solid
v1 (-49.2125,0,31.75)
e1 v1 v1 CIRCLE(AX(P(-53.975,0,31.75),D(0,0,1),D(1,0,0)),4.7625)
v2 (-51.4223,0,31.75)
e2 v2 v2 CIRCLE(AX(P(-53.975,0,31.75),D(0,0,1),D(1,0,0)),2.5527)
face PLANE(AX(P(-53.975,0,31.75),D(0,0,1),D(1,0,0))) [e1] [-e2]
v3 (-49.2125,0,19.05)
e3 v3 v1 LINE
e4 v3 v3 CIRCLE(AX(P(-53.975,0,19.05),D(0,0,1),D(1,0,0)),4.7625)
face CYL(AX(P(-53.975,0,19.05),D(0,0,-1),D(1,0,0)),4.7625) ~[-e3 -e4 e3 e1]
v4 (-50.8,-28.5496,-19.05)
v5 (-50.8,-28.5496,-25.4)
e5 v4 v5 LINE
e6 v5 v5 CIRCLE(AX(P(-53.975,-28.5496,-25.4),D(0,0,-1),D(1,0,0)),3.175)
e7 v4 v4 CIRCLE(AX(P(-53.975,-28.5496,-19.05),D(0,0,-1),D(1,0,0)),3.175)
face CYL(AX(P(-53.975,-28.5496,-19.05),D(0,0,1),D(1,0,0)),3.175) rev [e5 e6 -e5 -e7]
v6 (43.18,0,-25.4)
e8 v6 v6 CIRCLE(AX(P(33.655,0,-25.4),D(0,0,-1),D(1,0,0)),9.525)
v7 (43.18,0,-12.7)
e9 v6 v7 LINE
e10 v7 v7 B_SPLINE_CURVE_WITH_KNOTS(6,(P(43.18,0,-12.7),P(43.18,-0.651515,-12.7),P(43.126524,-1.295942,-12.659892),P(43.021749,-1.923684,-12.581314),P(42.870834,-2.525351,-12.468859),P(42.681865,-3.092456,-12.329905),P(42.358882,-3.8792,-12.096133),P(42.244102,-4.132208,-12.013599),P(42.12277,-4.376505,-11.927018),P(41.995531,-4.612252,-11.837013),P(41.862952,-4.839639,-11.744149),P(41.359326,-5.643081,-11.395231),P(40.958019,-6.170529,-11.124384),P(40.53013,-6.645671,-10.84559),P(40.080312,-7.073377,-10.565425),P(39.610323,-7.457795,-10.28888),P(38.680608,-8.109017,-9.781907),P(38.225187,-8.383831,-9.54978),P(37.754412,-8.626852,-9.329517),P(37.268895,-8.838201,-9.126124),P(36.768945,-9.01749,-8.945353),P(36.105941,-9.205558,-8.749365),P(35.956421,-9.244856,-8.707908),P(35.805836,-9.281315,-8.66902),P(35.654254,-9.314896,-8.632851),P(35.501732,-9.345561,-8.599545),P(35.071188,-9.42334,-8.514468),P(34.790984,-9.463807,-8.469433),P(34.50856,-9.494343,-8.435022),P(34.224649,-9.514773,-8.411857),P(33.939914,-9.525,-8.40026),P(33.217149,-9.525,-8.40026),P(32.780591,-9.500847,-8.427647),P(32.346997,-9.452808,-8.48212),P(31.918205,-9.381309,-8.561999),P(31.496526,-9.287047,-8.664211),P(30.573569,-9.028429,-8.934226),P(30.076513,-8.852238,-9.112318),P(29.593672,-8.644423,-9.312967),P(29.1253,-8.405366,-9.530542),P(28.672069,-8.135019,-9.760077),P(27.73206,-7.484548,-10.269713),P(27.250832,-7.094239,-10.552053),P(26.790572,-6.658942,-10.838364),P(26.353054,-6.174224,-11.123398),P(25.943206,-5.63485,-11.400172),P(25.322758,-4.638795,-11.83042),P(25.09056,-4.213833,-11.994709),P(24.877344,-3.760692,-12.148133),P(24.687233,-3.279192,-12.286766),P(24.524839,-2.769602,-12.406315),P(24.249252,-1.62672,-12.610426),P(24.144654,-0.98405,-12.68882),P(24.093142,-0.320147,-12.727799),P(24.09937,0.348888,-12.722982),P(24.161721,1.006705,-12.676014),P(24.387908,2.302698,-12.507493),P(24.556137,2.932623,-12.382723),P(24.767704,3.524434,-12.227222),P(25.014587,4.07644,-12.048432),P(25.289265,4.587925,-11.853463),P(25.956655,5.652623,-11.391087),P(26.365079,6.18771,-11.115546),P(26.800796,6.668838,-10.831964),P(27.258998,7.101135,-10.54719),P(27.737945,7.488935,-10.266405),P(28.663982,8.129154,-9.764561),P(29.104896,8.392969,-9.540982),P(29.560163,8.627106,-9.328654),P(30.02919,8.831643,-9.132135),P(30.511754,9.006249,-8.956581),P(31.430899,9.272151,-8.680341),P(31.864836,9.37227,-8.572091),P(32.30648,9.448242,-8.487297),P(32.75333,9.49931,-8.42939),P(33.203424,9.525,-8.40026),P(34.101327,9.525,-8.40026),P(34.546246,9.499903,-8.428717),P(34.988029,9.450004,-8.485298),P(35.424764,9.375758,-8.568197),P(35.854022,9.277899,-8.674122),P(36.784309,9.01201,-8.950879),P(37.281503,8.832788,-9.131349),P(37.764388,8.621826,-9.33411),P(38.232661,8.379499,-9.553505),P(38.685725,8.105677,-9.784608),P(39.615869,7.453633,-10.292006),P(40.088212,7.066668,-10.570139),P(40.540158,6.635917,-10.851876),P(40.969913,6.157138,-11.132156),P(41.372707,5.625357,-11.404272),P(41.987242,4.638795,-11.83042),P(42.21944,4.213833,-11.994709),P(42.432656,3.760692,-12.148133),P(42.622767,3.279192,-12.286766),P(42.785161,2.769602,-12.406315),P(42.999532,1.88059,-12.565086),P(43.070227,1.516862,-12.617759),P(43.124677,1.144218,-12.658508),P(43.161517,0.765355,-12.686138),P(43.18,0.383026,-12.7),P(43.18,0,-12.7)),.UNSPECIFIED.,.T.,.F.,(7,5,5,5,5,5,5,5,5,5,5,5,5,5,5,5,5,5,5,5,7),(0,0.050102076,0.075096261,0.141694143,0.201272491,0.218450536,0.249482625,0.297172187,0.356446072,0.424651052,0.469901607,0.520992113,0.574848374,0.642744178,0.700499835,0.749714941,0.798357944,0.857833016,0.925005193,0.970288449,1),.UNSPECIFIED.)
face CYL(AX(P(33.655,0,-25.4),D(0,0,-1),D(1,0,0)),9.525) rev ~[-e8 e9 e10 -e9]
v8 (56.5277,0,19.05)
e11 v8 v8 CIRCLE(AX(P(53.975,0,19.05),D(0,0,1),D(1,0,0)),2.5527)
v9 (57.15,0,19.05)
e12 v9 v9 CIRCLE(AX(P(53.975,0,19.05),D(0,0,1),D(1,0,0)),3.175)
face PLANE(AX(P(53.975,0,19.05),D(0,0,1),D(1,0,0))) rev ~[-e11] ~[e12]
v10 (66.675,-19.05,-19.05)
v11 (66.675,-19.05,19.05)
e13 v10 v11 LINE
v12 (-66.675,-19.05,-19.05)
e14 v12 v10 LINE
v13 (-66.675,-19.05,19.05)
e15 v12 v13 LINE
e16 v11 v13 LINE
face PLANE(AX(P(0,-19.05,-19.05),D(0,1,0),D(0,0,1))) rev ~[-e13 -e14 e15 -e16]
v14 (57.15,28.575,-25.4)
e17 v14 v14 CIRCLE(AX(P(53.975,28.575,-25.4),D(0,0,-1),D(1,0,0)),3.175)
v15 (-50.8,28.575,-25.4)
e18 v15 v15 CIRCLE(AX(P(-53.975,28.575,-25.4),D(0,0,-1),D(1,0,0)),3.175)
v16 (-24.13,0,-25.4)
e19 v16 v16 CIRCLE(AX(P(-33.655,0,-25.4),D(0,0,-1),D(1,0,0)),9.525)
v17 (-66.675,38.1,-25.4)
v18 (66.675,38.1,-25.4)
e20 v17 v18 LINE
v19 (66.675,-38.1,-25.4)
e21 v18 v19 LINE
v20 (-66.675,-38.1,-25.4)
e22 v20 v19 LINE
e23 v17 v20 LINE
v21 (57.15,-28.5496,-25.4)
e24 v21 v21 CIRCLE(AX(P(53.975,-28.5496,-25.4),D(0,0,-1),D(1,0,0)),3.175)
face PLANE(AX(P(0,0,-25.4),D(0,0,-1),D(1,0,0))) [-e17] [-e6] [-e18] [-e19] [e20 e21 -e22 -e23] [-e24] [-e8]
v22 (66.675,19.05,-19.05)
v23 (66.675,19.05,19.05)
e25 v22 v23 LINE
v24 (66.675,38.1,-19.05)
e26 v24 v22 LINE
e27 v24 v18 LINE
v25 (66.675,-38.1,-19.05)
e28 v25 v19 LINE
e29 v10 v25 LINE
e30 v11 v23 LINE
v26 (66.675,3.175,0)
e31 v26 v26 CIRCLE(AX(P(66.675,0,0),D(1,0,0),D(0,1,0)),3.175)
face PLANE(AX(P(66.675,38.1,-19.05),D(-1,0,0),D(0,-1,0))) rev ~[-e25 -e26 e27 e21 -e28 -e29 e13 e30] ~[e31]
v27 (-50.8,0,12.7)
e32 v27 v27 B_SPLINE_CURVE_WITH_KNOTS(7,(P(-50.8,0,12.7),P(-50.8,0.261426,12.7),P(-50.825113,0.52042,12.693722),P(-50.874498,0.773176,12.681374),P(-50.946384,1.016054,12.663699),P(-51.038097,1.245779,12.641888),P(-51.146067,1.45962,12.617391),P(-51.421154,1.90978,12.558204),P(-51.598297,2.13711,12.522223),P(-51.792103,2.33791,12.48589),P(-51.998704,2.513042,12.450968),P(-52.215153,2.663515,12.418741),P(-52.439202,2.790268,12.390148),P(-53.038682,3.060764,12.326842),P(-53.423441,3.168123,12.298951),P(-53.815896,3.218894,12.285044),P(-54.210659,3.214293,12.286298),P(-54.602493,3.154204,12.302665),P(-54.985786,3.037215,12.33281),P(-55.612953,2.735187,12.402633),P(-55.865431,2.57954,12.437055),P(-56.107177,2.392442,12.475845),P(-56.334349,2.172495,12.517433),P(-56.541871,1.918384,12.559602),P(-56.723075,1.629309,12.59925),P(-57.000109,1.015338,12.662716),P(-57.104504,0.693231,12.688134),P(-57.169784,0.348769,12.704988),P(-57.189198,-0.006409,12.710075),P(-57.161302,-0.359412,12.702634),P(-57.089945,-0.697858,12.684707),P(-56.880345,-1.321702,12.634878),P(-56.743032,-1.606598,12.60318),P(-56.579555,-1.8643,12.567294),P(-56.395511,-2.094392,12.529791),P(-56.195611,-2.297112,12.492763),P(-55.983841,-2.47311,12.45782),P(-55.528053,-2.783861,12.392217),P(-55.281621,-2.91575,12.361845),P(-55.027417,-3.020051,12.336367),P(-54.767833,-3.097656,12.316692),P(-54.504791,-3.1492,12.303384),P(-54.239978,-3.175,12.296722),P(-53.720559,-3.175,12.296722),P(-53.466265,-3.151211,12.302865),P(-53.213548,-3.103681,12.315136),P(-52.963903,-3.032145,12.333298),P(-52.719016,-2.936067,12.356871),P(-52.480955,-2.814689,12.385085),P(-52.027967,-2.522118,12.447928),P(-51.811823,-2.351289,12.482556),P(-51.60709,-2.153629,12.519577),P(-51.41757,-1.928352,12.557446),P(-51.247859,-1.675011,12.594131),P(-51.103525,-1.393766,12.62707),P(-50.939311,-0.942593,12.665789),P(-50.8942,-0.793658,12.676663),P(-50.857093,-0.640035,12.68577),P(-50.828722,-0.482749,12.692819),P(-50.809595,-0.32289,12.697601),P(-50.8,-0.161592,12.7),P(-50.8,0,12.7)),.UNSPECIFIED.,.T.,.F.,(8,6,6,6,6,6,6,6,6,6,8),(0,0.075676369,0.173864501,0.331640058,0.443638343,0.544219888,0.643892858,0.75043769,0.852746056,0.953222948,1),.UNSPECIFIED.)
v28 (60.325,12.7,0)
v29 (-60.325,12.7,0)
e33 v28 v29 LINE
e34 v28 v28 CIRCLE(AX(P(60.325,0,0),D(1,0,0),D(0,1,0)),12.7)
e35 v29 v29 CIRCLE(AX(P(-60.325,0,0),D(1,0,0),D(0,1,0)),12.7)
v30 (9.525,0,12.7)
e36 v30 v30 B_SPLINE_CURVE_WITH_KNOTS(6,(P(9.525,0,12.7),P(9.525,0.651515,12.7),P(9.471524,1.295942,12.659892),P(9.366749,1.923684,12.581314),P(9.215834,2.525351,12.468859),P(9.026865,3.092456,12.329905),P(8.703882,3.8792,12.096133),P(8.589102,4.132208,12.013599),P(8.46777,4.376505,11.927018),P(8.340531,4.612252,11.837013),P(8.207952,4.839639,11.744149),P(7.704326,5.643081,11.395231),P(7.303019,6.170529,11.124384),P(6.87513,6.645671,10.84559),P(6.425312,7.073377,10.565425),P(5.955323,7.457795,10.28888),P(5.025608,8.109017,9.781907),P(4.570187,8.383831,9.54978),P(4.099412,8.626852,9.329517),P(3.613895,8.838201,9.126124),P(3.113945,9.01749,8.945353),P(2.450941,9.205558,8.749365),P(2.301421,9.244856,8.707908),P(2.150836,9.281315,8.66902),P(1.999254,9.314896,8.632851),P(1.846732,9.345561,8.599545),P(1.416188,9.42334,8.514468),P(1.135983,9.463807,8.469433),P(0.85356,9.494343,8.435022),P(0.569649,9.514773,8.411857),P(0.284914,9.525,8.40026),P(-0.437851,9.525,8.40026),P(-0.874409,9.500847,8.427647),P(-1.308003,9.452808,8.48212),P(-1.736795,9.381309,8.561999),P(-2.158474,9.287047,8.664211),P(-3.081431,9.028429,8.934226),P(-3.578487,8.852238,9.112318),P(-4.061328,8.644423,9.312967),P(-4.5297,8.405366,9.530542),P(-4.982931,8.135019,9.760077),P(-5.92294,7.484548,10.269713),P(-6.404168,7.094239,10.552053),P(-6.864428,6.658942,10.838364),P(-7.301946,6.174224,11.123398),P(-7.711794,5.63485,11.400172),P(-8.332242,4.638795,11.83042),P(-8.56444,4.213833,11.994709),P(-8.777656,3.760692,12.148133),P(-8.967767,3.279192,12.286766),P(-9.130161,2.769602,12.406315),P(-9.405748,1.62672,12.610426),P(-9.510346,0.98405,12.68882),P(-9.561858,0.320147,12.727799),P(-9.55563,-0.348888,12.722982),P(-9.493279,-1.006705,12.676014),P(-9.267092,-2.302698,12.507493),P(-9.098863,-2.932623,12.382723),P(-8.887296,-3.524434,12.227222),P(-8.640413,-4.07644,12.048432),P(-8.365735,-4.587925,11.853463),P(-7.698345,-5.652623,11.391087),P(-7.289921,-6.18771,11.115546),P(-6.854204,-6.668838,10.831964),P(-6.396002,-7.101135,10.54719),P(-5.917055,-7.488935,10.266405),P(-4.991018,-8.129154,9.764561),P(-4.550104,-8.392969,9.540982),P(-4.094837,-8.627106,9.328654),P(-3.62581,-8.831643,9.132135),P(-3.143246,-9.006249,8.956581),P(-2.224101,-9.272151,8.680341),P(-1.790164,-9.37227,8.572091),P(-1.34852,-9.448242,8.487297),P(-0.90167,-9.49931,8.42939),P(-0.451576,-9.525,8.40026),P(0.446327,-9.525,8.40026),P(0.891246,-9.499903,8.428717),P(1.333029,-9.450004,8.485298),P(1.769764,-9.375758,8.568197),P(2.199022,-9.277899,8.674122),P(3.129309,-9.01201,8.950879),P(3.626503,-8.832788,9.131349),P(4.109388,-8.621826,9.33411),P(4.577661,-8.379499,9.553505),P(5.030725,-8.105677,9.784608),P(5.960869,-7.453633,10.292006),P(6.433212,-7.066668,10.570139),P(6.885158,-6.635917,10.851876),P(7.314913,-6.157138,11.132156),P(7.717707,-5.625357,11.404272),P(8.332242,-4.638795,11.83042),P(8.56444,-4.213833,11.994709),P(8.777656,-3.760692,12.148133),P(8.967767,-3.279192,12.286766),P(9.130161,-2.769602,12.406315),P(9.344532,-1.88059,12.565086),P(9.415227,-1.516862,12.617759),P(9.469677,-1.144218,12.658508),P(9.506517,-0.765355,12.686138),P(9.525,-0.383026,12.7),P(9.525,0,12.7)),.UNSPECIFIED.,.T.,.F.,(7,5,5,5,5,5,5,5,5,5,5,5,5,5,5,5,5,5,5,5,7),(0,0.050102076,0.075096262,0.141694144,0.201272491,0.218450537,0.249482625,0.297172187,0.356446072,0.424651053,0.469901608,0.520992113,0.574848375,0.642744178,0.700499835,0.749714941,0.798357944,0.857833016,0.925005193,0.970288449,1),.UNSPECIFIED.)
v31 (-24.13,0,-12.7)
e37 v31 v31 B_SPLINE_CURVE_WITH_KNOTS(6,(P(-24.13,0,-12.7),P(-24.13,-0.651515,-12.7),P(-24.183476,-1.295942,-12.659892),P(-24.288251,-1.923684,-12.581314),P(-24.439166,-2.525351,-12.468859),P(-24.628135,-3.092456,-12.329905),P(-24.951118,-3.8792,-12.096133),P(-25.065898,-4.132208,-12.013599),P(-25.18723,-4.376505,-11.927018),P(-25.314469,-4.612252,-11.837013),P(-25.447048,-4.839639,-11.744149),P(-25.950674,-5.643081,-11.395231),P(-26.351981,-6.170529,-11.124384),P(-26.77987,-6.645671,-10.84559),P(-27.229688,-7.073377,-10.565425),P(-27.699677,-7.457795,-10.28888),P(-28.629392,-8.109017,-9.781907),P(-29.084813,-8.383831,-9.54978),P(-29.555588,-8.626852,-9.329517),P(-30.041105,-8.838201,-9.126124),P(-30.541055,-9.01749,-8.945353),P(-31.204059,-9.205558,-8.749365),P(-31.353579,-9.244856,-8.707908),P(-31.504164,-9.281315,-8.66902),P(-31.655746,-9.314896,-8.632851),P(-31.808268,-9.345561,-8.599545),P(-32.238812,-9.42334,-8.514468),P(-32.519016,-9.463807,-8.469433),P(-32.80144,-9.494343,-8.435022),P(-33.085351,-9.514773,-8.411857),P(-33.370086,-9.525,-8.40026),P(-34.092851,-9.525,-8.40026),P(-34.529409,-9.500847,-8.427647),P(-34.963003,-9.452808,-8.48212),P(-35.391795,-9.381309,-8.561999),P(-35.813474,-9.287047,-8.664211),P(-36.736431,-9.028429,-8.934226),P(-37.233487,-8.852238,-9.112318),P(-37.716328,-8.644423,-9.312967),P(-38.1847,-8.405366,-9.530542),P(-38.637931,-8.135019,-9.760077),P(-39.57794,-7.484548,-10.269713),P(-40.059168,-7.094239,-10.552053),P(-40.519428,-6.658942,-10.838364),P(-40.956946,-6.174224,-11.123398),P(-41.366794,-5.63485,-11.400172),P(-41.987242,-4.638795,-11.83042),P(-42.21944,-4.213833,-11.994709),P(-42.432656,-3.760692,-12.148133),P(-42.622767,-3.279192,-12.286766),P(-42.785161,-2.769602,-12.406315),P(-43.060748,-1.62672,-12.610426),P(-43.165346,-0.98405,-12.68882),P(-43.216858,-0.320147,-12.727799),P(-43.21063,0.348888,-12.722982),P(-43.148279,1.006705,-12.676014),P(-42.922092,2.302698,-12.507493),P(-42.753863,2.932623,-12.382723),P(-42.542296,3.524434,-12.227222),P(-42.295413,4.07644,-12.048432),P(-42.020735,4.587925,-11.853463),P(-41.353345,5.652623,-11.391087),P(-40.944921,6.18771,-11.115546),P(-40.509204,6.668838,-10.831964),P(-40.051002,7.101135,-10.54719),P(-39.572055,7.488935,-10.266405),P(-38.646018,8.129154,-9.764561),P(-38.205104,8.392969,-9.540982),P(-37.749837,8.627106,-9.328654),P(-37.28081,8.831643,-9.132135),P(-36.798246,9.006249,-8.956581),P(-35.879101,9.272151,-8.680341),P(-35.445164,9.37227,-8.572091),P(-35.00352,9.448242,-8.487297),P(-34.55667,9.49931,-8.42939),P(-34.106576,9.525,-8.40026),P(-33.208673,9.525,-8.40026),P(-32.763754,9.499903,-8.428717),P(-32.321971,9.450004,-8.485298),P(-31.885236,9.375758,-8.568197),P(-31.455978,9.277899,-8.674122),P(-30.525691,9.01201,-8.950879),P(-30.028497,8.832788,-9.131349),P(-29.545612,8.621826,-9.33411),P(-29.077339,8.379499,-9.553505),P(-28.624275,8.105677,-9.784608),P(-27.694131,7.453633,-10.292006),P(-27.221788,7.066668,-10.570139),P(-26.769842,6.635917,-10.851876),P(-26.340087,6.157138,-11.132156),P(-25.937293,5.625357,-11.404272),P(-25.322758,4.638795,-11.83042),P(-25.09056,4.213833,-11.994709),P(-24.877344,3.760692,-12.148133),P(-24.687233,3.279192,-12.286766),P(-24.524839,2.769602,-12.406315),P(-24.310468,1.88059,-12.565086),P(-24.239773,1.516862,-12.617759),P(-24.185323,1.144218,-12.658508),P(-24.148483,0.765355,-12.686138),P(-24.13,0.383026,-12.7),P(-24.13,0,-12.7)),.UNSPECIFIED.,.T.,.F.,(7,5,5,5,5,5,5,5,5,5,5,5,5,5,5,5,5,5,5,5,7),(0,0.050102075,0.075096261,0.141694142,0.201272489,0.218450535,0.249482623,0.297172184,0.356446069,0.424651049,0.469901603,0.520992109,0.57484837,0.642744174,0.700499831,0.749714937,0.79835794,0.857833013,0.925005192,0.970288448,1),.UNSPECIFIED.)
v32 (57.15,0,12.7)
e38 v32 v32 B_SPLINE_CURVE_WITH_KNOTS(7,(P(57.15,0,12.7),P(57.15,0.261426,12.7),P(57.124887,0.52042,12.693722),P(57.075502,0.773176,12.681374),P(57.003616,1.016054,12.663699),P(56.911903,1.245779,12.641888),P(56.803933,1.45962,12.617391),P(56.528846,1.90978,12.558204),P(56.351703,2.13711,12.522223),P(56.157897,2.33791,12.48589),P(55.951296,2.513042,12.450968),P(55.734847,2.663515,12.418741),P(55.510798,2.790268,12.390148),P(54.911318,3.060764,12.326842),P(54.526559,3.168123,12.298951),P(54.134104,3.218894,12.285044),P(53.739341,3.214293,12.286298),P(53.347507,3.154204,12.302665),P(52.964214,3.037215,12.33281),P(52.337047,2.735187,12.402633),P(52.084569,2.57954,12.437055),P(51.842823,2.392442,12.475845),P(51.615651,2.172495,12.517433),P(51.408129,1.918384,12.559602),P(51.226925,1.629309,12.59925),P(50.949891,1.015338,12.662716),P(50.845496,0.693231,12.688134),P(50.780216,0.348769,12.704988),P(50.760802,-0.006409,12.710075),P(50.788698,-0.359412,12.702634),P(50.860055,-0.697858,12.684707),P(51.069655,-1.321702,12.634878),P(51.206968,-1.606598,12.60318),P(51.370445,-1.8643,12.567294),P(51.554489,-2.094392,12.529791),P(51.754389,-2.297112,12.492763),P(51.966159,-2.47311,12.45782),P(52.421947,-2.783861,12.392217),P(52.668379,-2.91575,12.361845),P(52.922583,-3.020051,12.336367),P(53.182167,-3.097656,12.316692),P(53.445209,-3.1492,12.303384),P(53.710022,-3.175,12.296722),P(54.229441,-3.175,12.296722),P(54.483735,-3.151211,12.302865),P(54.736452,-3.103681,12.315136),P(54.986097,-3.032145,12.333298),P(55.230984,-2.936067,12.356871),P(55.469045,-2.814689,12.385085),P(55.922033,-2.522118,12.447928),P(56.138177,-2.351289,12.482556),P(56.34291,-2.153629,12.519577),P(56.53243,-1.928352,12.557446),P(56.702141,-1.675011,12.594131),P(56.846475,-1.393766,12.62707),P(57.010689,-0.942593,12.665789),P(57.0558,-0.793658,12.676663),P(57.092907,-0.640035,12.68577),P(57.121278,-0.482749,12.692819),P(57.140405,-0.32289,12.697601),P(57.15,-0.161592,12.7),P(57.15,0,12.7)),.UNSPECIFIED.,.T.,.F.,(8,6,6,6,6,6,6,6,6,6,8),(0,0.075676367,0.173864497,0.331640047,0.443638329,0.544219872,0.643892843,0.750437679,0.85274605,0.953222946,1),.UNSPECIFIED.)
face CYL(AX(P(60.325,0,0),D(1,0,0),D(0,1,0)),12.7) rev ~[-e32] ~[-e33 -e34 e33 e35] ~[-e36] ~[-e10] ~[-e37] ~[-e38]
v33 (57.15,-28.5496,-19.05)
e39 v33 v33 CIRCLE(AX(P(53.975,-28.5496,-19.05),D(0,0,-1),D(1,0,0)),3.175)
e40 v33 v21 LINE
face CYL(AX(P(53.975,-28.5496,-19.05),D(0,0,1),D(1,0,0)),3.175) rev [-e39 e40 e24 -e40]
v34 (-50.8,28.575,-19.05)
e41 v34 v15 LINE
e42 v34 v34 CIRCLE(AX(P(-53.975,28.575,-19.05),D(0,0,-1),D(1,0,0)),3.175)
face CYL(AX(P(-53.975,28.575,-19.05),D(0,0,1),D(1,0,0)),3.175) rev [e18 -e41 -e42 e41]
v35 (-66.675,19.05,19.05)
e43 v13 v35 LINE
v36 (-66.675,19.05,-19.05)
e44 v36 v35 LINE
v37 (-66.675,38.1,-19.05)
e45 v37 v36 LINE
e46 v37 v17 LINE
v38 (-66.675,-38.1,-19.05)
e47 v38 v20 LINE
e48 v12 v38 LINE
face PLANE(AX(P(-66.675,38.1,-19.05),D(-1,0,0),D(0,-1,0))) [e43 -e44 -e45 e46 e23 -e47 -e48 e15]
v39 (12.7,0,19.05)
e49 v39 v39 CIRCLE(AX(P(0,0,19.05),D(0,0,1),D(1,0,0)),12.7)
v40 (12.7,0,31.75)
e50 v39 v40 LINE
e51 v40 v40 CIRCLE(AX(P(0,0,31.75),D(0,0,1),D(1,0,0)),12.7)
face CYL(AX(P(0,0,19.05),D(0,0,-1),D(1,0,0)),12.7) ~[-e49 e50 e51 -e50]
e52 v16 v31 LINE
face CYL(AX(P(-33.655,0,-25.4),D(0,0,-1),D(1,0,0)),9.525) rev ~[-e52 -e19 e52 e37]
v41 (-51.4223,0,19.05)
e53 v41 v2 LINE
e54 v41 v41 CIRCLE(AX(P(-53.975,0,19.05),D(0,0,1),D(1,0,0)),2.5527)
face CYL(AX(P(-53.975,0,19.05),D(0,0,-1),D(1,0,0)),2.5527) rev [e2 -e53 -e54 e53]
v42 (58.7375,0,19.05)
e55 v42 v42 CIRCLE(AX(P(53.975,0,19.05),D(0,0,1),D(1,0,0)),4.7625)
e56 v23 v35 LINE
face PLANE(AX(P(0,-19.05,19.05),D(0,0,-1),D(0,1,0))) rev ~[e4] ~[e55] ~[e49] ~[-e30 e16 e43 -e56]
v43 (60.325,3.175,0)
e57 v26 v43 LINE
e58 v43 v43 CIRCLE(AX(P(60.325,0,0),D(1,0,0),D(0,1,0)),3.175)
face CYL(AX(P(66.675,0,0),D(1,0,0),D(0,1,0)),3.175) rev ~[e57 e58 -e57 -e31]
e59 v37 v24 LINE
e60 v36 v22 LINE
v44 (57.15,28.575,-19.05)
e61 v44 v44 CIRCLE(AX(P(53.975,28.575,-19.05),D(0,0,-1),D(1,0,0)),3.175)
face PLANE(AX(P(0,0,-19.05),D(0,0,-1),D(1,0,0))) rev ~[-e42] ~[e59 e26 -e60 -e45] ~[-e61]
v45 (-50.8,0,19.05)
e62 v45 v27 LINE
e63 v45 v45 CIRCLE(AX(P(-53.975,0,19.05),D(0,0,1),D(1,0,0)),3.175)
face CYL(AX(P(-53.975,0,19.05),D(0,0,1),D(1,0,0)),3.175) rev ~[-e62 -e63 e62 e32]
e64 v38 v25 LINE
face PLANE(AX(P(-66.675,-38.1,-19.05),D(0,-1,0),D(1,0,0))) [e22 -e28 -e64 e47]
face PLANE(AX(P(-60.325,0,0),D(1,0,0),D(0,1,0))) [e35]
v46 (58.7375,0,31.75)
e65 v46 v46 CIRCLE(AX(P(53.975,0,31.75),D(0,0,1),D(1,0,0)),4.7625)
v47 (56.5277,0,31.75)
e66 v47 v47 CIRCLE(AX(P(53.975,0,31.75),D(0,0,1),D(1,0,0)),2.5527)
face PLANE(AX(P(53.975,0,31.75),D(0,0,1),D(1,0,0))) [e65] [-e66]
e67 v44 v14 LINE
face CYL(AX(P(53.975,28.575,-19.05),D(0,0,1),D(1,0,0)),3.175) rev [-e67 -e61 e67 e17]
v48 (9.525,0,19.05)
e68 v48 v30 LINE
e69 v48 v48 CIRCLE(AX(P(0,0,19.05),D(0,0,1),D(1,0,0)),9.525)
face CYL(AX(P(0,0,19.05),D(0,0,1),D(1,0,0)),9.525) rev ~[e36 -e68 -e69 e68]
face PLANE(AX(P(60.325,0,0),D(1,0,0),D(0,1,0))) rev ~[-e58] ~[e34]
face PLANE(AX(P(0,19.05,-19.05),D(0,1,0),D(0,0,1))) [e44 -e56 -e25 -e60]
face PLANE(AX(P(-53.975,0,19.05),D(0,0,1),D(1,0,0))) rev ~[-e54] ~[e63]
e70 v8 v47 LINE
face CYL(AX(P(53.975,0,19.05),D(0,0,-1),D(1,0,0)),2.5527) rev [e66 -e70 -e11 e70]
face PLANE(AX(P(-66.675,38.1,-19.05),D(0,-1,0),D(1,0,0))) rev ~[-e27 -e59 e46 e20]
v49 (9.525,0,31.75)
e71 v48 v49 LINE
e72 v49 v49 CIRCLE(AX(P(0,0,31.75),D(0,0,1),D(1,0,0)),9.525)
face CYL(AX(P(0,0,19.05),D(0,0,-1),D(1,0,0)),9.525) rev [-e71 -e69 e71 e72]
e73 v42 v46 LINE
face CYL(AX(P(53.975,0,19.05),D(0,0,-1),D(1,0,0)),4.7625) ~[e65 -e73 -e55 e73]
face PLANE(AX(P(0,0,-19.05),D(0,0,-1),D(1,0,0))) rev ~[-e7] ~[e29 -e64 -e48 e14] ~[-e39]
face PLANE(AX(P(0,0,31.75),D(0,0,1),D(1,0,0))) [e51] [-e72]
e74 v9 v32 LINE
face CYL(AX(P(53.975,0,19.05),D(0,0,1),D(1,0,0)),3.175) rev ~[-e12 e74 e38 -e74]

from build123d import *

# Parameters (mm, degrees)
F0_W      = 38.1
F0_H      = 38.1
F1_DEPTH  = 66.675
F3_R      = 12.7
F4_DEPTH  = 120.65
F5_W      = 133.35
F5_H      = 76.2
F5_R      = 3.175
F6_DEPTH  = 6.35
F7_R      = 9.525
F8_DEPTH  = 25.4
F9_R      = 9.525
F9_R_2    = 3.175
F10_DEPTH = 19.05
F11_R     = 4.7625
F11_R_2   = 2.5527
F11_R_3   = 12.7
F11_R_4   = 9.525
F12_DEPTH = 12.7
F13_R     = 3.175
F14_DEPTH = 12.7


with BuildPart() as f1:
    # F0 (on Right) → F1 (new body, symmetric)
    with BuildSketch(Plane.YZ):
        Rectangle(F0_W, F0_H)
    extrude(amount=F1_DEPTH, both=True)

    # F3 (on offset) → F4 (cut)
    with BuildSketch(Plane.YZ.offset(60.325)):
        Circle(F3_R)
    extrude(amount=-F4_DEPTH, mode=Mode.SUBTRACT)

    # F5 (on face) → F6 (join)
    with BuildSketch(Plane(origin=(0, 0, -19.05), x_dir=(1, 0, 0), z_dir=(0, 0, -1))):
        Rectangle(F5_W, F5_H)
        with Locations((-53.975, -28.575)):
            Circle(F5_R, mode=Mode.SUBTRACT)
        with Locations((53.975, -28.575)):
            Circle(F5_R, mode=Mode.SUBTRACT)
        with Locations((-53.975, 28.5496)):
            Circle(F5_R, mode=Mode.SUBTRACT)
        with Locations((53.975, 28.5496)):
            Circle(F5_R, mode=Mode.SUBTRACT)
    extrude(amount=F6_DEPTH)

    # F7 (on face) → F8 (cut)
    with BuildSketch(Plane(origin=(0, 0, -25.4), x_dir=(1, 0, 0), z_dir=(0, 0, -1))):
        with Locations((-33.655, 0)):
            Circle(F7_R)
        with Locations((33.655, 0)):
            Circle(F7_R)
    extrude(amount=-F8_DEPTH, mode=Mode.SUBTRACT)

    # F9 (on face) → F10 (cut)
    with BuildSketch(Plane.XY.offset(19.05)):
        Circle(F9_R)
        with Locations((-53.975, 0)):
            Circle(F9_R_2)
        with Locations((53.975, 0)):
            Circle(F9_R_2)
    extrude(amount=-F10_DEPTH, mode=Mode.SUBTRACT)

    # F11 (on face) → F12 (join)
    with BuildSketch(Plane.XY.offset(19.05)):
        with Locations((-53.975, 0)):
            Circle(F11_R)
        with Locations((-53.975, 0)):
            Circle(F11_R_2, mode=Mode.SUBTRACT)
        Circle(F11_R_3)
        Circle(F11_R_4, mode=Mode.SUBTRACT)
        with Locations((53.975, 0)):
            Circle(F11_R)
        with Locations((53.975, 0)):
            Circle(F11_R_2, mode=Mode.SUBTRACT)
    extrude(amount=F12_DEPTH)

    # F13 (on face) → F14 (cut)
    with BuildSketch(Plane.YZ.offset(66.675)):
        Circle(F13_R)
    extrude(amount=-F14_DEPTH, mode=Mode.SUBTRACT)


solid = f1.part
